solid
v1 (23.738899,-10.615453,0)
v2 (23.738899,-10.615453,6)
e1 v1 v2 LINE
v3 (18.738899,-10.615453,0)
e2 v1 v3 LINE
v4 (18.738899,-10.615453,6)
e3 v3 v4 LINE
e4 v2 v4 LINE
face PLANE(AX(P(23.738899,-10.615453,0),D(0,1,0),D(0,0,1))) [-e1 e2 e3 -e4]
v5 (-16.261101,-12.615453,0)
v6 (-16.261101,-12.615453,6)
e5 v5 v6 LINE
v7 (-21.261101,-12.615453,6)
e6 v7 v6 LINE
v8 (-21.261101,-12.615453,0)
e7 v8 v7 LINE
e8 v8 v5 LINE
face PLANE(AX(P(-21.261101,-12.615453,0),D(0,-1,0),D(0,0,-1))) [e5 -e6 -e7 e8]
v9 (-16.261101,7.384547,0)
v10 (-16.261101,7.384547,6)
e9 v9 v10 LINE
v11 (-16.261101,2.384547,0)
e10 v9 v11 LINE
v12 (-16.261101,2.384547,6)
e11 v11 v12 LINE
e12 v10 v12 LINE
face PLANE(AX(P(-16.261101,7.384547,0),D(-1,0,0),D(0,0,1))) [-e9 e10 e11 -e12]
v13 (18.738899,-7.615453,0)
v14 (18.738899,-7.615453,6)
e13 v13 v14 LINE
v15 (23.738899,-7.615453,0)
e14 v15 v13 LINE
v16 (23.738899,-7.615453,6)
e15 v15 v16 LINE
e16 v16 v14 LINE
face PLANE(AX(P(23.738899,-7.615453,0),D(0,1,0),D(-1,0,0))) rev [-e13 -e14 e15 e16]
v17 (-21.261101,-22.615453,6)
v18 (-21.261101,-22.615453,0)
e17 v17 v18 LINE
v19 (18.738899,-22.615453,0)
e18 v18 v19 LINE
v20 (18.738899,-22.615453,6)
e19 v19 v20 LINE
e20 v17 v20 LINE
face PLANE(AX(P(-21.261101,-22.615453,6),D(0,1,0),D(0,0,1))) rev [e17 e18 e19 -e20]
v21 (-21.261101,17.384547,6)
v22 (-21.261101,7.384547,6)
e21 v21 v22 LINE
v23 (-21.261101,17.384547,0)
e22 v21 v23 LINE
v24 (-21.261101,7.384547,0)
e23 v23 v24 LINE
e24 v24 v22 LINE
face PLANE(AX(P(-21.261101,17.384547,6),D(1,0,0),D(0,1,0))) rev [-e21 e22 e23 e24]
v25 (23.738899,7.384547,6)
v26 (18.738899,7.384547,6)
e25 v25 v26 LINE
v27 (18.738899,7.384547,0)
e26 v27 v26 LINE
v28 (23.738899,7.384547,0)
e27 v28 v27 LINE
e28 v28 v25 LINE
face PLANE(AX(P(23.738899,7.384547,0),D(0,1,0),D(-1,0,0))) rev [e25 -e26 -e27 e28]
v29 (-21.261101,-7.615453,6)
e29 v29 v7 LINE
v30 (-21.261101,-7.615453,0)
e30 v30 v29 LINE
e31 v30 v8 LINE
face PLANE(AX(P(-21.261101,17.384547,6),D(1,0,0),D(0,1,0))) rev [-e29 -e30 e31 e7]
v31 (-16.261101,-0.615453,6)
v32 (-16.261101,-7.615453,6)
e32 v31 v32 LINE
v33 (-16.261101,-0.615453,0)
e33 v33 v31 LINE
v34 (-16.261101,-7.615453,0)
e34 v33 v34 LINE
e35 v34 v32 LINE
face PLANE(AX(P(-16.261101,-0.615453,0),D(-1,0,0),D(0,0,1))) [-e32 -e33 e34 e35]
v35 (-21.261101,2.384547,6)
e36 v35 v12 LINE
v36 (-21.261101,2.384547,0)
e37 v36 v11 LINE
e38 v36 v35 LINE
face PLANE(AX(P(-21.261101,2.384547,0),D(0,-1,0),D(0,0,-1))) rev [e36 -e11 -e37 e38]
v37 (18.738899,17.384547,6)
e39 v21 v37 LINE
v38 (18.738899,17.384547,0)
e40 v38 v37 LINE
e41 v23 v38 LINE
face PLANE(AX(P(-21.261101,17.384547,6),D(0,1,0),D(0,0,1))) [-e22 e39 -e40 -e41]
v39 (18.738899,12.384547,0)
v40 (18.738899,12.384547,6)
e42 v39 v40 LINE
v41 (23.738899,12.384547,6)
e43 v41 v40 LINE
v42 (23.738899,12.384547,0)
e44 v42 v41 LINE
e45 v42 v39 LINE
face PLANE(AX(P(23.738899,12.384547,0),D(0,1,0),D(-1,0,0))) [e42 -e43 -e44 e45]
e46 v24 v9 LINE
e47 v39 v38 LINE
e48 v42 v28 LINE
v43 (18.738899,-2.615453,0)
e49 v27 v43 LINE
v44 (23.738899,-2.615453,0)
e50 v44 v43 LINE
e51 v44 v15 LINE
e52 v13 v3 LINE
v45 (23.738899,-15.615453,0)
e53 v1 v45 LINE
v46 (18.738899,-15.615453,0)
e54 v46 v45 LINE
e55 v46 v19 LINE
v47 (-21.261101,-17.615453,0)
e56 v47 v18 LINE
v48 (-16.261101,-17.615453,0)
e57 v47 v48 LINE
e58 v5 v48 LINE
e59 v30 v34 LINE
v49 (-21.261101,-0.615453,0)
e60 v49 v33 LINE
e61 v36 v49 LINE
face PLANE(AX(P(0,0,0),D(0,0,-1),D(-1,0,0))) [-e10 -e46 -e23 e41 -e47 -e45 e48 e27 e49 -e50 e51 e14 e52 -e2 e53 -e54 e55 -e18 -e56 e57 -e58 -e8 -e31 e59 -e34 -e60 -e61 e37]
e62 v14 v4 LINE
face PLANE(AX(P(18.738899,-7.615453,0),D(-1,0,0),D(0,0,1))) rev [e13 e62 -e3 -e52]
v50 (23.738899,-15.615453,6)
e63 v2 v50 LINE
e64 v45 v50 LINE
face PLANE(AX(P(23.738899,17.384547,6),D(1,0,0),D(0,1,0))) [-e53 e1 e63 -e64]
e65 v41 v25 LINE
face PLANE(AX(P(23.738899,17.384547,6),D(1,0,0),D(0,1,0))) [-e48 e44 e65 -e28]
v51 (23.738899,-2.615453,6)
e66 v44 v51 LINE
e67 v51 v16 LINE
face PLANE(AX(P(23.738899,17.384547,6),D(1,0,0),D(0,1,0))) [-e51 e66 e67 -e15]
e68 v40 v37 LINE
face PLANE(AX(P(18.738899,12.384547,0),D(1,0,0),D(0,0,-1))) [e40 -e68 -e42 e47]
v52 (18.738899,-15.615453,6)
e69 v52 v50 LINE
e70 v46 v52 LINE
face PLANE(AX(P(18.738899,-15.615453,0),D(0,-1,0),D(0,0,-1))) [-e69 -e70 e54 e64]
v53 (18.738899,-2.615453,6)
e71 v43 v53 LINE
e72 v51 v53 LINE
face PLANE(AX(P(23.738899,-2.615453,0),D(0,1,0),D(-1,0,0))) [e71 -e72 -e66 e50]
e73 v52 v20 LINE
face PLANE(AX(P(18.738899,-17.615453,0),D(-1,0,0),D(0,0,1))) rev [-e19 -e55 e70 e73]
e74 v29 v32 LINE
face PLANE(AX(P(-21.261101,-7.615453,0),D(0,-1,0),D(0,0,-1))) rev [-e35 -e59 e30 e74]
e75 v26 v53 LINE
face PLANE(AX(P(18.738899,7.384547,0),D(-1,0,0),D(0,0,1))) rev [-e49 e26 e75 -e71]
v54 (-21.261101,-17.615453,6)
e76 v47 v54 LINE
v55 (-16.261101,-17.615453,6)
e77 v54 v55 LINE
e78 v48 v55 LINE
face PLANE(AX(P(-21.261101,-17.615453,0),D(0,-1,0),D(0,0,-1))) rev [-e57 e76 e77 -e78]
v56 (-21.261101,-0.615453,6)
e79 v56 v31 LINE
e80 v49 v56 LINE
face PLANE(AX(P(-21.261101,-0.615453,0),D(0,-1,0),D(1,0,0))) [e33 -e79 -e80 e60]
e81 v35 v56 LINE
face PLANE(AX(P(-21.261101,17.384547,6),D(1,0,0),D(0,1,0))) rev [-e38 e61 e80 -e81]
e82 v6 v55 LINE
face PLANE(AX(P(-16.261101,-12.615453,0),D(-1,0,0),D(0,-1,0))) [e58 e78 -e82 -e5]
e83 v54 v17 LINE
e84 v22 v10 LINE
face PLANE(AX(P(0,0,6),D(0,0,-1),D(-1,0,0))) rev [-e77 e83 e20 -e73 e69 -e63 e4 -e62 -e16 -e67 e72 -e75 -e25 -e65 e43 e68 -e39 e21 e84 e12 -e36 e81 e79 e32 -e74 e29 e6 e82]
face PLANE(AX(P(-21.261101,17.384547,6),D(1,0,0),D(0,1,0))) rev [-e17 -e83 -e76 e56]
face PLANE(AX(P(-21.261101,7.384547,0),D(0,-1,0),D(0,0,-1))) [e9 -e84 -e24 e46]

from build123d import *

# Parameters (mm, degrees)
SKETCH1_W           = 45
SKETCH1_H           = 40
BOSS_EXTRUDE1_DEPTH = 6
SKETCH2_W           = 5
SKETCH2_H           = 5
SKETCH2_H_2         = 7
CUT_EXTRUDE1_DEPTH  = 6
SKETCH3_W           = 5
SKETCH3_H           = 5
SKETCH3_H_2         = 3
SKETCH3_H_3         = 10
CUT_EXTRUDE2_DEPTH  = 6
SKETCH4_W           = 5
SKETCH4_H           = 7
CUT_EXTRUDE3_DEPTH  = 6


with BuildPart() as part:
    # Sketch1 → Boss-Extrude1 (new body)
    with BuildSketch(Plane.XY):
        with Locations((1.238898757, -2.615452931)):
            Rectangle(SKETCH1_W, SKETCH1_H)
    extrude(amount=BOSS_EXTRUDE1_DEPTH)

    # Sketch2 → Cut-Extrude1 (cut)
    with BuildSketch(Plane.XY.offset(6)):
        with Locations((-18.761101243, 4.884547069)):
            Rectangle(SKETCH2_W, SKETCH2_H)
        with Locations((-18.761101243, -4.115452931)):
            Rectangle(SKETCH2_W, SKETCH2_H_2)
        with Locations((-18.761101243, -15.115452931)):
            Rectangle(SKETCH2_W, SKETCH2_H)
    extrude(amount=-CUT_EXTRUDE1_DEPTH, mode=Mode.SUBTRACT)

    # Sketch3 → Cut-Extrude2 (cut)
    with BuildSketch(Plane.XY.offset(6)):
        with Locations((21.238898757, -20.115452931)):
            Rectangle(SKETCH3_W, SKETCH3_H)
        with Locations((21.238898757, -9.115452931)):
            Rectangle(SKETCH3_W, SKETCH3_H_2)
        with Locations((21.238898757, 14.884547069)):
            Rectangle(SKETCH3_W, SKETCH3_H)
        with Locations((21.238898757, 2.384547069)):
            Rectangle(SKETCH3_W, SKETCH3_H_3)
    extrude(amount=-CUT_EXTRUDE2_DEPTH, mode=Mode.SUBTRACT)

    # Sketch4 → Cut-Extrude3 (cut)
    with BuildSketch(Plane.XY.offset(6)):
        with Locations((21.238898757, -19.115452931)):
            Rectangle(SKETCH4_W, SKETCH4_H)
    extrude(amount=-CUT_EXTRUDE3_DEPTH, mode=Mode.SUBTRACT)


solid = part.part
